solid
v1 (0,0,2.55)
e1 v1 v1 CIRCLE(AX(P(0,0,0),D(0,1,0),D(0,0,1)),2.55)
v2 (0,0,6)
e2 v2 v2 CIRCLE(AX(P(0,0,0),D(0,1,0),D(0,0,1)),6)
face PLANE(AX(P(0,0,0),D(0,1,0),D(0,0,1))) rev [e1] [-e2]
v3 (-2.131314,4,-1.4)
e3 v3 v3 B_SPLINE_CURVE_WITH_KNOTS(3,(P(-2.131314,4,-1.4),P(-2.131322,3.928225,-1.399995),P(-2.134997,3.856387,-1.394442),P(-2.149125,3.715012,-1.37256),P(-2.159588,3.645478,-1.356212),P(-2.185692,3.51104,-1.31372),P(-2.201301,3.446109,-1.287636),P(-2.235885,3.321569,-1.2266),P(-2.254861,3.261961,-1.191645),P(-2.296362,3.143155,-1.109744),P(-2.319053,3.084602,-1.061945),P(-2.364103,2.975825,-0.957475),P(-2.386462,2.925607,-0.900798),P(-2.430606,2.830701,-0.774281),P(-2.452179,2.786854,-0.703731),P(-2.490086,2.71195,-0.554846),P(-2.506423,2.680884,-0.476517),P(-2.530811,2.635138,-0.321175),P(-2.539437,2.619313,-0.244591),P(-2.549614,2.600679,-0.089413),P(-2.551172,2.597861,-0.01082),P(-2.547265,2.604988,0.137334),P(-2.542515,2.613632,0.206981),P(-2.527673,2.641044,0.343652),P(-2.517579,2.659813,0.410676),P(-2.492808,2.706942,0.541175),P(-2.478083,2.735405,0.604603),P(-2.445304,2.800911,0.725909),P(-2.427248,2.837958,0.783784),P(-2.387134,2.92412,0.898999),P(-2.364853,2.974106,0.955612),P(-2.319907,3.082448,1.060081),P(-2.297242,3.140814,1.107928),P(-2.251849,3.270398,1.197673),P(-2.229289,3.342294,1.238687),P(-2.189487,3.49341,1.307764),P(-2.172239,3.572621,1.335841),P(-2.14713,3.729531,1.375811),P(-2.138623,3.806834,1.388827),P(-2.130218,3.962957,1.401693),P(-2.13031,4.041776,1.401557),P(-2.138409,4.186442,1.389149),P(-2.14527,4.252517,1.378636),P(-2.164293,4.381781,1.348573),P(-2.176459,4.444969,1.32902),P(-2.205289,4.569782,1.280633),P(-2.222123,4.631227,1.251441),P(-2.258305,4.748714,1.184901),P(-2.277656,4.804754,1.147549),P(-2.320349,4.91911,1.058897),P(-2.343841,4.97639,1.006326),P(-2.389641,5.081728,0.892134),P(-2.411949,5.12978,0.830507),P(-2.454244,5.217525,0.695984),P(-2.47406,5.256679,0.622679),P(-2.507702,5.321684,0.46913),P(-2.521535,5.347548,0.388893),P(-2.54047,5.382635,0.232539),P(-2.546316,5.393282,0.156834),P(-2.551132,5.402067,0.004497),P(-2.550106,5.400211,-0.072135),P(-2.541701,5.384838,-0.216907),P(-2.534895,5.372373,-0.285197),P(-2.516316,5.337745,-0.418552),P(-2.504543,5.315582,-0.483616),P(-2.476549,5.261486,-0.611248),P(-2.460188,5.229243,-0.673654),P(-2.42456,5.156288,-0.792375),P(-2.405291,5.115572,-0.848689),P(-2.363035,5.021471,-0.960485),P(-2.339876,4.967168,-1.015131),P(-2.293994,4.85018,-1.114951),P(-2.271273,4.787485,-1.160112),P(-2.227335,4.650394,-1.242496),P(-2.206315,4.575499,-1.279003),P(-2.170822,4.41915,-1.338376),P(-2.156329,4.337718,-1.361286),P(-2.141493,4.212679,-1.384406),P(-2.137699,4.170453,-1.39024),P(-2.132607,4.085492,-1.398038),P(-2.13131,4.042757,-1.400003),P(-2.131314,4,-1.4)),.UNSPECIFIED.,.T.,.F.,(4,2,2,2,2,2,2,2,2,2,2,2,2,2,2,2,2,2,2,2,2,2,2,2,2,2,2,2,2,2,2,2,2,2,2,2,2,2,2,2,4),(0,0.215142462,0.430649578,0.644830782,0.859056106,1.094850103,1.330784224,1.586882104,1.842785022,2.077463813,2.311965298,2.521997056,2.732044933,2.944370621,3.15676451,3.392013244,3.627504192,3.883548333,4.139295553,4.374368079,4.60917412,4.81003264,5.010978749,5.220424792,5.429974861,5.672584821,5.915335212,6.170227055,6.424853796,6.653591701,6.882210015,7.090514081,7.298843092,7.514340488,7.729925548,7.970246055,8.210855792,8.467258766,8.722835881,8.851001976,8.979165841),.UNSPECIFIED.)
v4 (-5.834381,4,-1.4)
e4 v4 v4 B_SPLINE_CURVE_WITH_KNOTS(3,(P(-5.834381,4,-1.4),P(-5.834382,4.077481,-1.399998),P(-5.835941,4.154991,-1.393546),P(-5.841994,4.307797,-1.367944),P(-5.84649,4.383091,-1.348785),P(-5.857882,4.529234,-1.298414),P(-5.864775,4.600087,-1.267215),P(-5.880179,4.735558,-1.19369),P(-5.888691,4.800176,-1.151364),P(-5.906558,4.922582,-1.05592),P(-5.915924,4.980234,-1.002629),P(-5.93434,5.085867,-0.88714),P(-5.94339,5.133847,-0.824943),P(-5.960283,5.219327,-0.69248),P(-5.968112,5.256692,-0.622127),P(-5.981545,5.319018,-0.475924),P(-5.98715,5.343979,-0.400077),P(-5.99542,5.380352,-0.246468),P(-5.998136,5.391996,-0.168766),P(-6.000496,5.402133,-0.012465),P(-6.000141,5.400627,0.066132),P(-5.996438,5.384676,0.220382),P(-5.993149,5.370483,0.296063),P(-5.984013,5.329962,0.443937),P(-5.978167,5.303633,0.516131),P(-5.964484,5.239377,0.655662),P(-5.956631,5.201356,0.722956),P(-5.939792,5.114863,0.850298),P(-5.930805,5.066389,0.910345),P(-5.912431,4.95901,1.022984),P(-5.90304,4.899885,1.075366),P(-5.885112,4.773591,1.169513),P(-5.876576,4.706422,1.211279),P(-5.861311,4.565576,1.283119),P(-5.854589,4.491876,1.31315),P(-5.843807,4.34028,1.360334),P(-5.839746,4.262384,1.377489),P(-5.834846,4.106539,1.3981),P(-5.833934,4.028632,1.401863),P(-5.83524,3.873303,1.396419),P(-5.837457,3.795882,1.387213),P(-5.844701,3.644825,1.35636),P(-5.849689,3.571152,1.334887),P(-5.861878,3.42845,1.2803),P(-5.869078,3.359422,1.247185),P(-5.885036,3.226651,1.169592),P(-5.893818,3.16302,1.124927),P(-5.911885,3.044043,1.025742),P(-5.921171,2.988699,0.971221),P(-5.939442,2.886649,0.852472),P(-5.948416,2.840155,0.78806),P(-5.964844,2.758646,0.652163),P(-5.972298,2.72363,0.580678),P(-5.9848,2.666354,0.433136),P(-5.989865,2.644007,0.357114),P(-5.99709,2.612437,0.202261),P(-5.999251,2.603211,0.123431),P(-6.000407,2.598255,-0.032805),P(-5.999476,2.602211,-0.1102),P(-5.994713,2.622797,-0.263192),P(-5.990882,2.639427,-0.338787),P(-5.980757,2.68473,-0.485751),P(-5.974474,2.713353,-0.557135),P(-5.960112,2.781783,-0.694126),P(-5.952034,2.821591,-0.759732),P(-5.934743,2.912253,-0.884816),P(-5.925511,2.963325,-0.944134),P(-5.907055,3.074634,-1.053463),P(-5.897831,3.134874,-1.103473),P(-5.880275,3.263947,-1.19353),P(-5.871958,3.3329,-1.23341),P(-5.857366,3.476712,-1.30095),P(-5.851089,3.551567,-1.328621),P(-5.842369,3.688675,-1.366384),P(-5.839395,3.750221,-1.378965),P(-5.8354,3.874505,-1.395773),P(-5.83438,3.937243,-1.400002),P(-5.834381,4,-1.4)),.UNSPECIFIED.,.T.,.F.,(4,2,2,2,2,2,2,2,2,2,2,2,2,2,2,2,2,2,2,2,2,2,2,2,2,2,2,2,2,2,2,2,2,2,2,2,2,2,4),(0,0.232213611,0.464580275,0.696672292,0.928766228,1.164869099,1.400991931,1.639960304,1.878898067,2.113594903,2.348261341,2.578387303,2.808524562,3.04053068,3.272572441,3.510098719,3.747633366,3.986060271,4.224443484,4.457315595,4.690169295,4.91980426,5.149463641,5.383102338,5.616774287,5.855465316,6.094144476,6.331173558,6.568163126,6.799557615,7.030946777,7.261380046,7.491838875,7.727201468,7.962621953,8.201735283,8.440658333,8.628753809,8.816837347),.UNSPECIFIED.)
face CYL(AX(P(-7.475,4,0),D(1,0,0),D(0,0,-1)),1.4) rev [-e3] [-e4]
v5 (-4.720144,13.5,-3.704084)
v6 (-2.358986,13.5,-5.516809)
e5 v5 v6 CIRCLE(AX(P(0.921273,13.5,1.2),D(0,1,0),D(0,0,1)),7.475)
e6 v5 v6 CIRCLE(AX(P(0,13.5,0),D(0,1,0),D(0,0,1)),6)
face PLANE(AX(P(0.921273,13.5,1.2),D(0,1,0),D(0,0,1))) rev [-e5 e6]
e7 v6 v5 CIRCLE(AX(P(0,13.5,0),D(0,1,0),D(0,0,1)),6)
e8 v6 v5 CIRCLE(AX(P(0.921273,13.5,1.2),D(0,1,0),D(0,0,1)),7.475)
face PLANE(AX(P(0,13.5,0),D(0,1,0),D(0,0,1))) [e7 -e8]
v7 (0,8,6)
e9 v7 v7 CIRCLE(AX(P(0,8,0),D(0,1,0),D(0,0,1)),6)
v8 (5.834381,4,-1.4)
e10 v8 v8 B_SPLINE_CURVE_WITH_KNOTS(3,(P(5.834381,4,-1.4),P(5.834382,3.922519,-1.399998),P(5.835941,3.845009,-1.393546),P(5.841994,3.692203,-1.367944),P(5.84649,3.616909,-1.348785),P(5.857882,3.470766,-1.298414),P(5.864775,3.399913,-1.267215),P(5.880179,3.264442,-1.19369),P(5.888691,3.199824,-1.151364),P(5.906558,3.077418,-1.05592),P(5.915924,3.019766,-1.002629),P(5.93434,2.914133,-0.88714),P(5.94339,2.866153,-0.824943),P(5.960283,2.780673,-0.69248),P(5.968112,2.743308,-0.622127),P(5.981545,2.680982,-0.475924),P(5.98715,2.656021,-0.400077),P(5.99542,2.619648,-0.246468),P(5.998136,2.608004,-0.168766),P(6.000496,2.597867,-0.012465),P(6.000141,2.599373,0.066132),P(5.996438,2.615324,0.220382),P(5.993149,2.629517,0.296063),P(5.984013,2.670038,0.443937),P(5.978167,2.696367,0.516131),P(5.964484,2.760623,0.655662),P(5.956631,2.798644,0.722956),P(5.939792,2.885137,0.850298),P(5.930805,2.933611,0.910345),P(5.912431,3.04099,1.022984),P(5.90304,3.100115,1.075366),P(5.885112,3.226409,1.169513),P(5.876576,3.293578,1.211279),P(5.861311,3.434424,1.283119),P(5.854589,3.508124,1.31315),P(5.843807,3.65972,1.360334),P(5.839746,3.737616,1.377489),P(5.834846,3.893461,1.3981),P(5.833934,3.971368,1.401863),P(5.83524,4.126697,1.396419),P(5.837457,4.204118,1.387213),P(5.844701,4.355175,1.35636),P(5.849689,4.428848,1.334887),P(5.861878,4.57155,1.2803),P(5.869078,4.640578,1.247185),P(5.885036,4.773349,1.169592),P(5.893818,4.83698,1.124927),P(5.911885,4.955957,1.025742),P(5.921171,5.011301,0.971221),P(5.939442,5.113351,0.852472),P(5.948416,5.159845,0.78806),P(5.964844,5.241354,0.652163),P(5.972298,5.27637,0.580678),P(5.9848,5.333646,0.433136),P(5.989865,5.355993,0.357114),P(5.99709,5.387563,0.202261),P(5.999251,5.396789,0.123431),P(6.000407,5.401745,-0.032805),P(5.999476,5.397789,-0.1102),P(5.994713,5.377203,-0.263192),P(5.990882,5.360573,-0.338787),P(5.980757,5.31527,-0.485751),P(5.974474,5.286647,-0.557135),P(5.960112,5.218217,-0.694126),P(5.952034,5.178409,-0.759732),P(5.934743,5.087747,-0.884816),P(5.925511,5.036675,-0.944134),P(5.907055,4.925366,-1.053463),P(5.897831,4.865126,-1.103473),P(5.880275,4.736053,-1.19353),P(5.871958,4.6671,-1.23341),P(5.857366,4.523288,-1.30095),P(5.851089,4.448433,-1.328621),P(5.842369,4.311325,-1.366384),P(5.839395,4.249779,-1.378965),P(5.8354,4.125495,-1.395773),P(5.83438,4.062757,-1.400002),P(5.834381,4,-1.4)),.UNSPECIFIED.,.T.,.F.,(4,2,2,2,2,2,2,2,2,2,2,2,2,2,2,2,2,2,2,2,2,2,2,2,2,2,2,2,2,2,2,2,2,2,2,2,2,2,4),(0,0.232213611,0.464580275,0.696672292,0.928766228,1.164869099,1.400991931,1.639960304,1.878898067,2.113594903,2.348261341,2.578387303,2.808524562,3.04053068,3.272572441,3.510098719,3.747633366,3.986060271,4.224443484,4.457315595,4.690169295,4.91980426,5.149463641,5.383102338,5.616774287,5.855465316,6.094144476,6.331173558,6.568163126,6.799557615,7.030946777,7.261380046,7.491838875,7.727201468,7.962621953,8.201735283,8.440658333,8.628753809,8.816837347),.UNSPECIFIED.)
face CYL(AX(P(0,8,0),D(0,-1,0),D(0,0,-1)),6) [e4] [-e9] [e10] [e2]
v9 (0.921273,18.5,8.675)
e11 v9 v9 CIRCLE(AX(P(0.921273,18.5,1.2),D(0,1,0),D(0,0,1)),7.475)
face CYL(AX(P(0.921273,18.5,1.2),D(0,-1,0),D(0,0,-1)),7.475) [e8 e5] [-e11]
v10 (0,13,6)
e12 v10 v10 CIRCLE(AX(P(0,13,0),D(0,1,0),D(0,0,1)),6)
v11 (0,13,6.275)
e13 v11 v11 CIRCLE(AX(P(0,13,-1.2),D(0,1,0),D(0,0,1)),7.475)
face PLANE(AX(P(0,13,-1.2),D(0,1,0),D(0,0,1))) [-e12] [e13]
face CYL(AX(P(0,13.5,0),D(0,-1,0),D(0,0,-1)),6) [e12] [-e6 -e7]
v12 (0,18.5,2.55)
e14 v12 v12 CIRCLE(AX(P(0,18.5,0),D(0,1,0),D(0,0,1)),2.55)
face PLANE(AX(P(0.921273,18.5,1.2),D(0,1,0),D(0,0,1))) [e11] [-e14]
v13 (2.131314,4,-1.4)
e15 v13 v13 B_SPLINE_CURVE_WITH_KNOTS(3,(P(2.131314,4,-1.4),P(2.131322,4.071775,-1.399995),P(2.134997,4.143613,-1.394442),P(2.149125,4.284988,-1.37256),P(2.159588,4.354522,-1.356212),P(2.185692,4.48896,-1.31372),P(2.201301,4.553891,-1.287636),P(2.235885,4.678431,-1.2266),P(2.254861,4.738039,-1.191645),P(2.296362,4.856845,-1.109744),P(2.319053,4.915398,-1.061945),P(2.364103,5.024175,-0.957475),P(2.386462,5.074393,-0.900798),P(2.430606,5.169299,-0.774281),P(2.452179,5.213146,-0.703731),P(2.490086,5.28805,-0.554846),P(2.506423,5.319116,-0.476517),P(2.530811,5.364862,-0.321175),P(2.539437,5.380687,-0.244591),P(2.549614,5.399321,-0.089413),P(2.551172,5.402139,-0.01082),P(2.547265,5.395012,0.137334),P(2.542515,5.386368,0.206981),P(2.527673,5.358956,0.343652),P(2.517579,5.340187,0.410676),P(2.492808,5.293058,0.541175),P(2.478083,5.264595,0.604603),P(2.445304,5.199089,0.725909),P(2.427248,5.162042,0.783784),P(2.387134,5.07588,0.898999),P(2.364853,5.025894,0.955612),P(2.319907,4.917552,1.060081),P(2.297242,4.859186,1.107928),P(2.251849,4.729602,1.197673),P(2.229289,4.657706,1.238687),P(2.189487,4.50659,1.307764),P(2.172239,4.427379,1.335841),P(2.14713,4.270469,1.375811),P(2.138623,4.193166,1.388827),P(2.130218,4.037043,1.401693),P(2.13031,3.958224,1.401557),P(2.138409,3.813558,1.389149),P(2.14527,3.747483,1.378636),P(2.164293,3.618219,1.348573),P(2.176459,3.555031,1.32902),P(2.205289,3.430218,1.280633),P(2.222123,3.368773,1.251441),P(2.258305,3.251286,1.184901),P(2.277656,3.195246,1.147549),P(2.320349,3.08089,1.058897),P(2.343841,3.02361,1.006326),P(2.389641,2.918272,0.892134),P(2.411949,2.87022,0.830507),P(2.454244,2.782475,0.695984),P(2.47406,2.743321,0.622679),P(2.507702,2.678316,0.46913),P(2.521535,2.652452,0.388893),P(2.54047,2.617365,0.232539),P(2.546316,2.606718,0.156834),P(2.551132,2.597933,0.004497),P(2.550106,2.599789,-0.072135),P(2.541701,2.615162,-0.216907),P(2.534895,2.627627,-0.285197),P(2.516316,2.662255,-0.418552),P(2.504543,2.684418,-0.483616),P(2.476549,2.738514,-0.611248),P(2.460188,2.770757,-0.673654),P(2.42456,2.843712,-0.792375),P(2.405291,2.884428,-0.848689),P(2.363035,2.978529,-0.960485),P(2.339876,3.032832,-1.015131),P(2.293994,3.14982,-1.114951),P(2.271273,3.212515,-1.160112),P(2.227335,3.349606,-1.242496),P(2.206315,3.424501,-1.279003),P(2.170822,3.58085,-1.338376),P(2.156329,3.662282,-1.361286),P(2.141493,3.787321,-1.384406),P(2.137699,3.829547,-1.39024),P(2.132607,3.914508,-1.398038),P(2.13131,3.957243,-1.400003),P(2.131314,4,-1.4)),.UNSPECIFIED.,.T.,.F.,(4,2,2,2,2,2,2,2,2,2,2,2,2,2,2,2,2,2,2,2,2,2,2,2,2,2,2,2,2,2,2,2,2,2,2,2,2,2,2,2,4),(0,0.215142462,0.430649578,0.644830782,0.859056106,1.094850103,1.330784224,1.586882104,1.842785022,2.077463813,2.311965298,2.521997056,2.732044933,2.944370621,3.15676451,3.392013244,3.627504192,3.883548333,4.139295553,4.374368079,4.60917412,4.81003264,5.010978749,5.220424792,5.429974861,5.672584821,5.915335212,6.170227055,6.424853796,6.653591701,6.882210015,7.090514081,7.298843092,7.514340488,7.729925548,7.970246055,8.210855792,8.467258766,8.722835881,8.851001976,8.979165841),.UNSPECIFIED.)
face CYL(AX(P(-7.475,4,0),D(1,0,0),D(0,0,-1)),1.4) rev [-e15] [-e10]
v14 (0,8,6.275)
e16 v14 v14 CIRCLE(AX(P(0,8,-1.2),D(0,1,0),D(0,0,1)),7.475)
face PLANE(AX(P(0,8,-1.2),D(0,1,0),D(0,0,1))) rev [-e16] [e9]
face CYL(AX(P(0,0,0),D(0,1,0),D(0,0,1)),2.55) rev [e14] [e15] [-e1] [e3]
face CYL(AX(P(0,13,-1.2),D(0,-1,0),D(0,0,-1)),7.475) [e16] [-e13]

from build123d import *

# Parameters (mm, degrees)
SKETCH2_R              = 6
BASE_DEPTH             = 8
SKETCH3_R              = 7.475
CAM_A_DEPTH            = 5
SKETCH4_R              = 6
SPACER_DEPTH           = 0.5
SKETCH5_R              = 7.475
CAM_B_DEPTH            = 5
SKETCH6_R              = 2.55
SHAFT_HOLE_DEPTH       = 23.0907904
SCREW_HOLES_DEPTH      = 23.0907904
SCREW_HOLES_DEPTH_BACK = 23.0907904
SKETCH7_R              = 1.4


with BuildPart() as part:
    # Sketch2 → Base (new body)
    with BuildSketch(Plane(origin=(0, 0, 0), x_dir=(1, 0, 0), z_dir=(0, 1, 0))):
        with Locations(Location((0, 0, 0), (0, 0, 270))):
            Circle(SKETCH2_R)
    extrude(amount=BASE_DEPTH)

    # Sketch3 → Cam A (add)
    with BuildSketch(Plane(origin=(0, 8, 0), x_dir=(1, 0, 0), z_dir=(0, 1, 0))):
        with Locations(Location((0, 1.2, 0), (0, 0, 270))):
            Circle(SKETCH3_R)
    extrude(amount=CAM_A_DEPTH)

    # Sketch4 → Spacer (add)
    with BuildSketch(Plane(origin=(0, 13, 0), x_dir=(1, 0, 0), z_dir=(0, 1, 0))):
        with Locations(Location((0, 0, 0), (0, 0, 270))):
            Circle(SKETCH4_R)
    extrude(amount=SPACER_DEPTH)

    # Sketch5 → Cam B (add)
    with BuildSketch(Plane(origin=(0, 13.5, 0), x_dir=(1, 0, 0), z_dir=(0, 1, 0))):
        with Locations(Location((0.921272716, -1.2, 0), (0, 0, 116.029296009))):
            Circle(SKETCH5_R)
    extrude(amount=CAM_B_DEPTH)

    # Sketch6 → Shaft Hole (cut, through all)
    with BuildSketch(Plane(origin=(0, 18.5, 0), x_dir=(1, 0, 0), z_dir=(0, 1, 0))):
        with Locations(Location((0, 0, 0), (0, 0, 270))):
            Circle(SKETCH6_R)
    extrude(amount=-SHAFT_HOLE_DEPTH, mode=Mode.SUBTRACT)

    # Sketch7 → Screw Holes (cut, two sides: drawn at the far end of the back side and taken through both)
    with BuildSketch(Plane(origin=(0, 0, 0), x_dir=(0, 0, -1), z_dir=(1, 0, 0)).offset(-SCREW_HOLES_DEPTH_BACK)):
        with Locations((0, 4)):
            Circle(SKETCH7_R)
    extrude(amount=SCREW_HOLES_DEPTH + SCREW_HOLES_DEPTH_BACK, mode=Mode.SUBTRACT)


solid = part.part
